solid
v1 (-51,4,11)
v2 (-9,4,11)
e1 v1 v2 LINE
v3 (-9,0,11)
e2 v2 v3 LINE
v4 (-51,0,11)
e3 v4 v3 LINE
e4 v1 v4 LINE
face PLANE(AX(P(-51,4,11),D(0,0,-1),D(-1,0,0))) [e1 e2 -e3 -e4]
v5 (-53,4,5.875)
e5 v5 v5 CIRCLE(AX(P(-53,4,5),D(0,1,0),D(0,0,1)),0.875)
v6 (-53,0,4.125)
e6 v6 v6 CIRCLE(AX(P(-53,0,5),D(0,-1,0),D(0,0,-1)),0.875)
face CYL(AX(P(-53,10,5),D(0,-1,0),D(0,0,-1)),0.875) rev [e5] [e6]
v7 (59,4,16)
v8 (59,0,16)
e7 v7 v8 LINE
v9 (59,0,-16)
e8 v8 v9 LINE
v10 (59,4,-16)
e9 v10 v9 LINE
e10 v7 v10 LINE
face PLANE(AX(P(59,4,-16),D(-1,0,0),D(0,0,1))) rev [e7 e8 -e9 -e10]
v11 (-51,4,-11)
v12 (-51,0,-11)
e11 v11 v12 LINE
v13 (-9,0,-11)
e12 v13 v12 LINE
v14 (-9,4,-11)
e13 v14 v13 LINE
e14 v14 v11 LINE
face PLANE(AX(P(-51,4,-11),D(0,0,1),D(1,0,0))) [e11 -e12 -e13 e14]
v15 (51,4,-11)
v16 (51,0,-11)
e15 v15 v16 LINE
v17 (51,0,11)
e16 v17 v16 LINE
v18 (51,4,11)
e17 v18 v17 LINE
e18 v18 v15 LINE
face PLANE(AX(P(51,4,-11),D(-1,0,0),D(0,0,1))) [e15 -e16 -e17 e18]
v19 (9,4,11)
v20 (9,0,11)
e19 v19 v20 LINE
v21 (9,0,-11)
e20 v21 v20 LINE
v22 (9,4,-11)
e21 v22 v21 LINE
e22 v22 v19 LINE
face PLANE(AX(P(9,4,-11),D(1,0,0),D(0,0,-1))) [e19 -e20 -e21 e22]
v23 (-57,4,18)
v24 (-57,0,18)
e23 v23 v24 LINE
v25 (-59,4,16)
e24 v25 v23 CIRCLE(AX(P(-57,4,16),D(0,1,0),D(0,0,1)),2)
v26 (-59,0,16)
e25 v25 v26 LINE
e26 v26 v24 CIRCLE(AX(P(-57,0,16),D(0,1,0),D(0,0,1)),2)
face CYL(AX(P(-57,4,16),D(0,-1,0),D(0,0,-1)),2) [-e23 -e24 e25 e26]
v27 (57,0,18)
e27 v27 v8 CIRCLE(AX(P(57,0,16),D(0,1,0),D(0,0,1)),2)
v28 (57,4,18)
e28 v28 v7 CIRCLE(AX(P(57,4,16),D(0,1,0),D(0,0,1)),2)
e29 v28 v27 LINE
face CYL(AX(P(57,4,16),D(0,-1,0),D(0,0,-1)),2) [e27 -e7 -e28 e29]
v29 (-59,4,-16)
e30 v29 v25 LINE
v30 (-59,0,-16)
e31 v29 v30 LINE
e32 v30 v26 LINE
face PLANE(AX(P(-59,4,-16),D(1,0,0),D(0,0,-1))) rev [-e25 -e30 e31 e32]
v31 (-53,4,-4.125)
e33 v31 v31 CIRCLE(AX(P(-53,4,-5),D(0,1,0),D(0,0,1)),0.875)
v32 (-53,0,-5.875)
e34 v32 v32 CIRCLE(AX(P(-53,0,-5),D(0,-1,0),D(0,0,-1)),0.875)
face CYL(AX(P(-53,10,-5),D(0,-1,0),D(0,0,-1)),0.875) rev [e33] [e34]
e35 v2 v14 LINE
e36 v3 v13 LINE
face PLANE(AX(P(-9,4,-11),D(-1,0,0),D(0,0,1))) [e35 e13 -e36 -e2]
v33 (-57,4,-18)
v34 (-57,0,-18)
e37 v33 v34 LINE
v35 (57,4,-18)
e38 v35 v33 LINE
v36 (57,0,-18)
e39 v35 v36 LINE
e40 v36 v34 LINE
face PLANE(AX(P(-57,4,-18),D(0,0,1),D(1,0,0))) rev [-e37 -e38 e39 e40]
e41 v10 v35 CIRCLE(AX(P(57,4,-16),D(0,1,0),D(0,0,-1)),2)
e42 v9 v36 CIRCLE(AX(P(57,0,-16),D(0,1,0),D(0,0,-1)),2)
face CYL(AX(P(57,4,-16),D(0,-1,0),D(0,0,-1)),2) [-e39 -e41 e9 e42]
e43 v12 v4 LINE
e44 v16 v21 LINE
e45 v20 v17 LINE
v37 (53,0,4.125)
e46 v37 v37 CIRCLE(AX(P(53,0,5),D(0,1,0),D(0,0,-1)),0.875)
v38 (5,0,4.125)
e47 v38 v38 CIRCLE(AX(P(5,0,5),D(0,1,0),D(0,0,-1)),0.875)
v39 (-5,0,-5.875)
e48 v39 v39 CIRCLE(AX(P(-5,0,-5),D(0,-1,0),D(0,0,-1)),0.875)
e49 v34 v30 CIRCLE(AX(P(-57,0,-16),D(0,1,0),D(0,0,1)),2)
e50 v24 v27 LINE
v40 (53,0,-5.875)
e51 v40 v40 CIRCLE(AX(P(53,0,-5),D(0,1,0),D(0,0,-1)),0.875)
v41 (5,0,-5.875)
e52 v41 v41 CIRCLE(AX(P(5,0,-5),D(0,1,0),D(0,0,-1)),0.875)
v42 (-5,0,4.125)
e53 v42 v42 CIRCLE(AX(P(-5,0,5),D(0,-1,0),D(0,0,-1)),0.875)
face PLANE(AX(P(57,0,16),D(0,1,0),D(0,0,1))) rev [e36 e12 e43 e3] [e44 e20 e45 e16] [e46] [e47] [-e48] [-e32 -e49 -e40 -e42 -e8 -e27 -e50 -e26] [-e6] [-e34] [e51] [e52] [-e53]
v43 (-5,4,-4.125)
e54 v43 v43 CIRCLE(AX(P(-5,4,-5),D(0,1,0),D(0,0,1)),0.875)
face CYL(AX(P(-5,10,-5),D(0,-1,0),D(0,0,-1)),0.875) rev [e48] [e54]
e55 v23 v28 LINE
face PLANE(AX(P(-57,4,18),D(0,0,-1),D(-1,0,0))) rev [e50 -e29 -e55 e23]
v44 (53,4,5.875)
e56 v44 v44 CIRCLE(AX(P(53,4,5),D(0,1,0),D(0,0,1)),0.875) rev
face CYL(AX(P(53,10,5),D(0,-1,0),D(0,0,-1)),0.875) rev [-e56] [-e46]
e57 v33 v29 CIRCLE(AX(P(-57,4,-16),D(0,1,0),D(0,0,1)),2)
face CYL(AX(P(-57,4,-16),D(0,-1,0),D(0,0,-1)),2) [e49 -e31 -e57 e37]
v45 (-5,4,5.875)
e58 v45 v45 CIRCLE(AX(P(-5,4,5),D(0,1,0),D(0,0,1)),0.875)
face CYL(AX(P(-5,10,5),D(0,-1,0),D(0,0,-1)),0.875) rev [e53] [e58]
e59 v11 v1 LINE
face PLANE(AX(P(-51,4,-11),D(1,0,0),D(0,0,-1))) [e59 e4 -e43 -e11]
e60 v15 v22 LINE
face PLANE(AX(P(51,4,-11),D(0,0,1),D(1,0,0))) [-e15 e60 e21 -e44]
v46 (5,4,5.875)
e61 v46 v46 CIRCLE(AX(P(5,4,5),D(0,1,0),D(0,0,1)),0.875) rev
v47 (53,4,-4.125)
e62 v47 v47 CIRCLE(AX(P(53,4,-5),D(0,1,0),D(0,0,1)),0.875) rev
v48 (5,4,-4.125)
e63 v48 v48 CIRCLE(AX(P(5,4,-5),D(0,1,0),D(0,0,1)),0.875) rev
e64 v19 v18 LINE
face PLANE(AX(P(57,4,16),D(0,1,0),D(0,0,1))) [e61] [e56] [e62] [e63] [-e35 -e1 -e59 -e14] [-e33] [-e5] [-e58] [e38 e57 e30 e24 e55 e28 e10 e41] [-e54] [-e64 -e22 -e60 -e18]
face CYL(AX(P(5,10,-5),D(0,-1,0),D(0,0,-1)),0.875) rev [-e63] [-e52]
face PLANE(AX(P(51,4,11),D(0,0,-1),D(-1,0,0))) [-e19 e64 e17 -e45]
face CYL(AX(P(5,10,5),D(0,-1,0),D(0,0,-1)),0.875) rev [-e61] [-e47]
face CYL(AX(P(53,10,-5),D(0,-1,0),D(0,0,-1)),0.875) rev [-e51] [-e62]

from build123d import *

# Parameters (mm, degrees)
SKETCH2_W           = 42
SKETCH2_H           = 22
BOSS_EXTRUDE1_DEPTH = 4
SKETCH3_R           = 0.875
CUT_EXTRUDE1_DEPTH  = 10
SKETCH4_R           = 0.875
CUT_EXTRUDE2_DEPTH  = 10


with BuildPart() as part:
    # Sketch2 → Boss-Extrude1 (new body)
    with BuildSketch(Plane(origin=(0, 0, 0), x_dir=(1, 0, 0), z_dir=(0, 1, 0))):
        with BuildLine():
            Line((-57, 18), (57, 18))
            ThreePointArc((57, 18), (58.414213562, 17.414213562), (59, 16))
            Line((59, 16), (59, -16))
            ThreePointArc((59, -16), (58.414213562, -17.414213562), (57, -18))
            Line((57, -18), (-57, -18))
            ThreePointArc((-57, -18), (-58.414213562, -17.414213562), (-59, -16))
            Line((-59, -16), (-59, 16))
            ThreePointArc((-59, 16), (-58.414213562, 17.414213562), (-57, 18))
        make_face()
        with Locations((-30, 0)):
            Rectangle(SKETCH2_W, SKETCH2_H, mode=Mode.SUBTRACT)
        with Locations((30, 0)):
            Rectangle(SKETCH2_W, SKETCH2_H, mode=Mode.SUBTRACT)
    extrude(amount=BOSS_EXTRUDE1_DEPTH)

    # Sketch3 → Cut-Extrude1 (cut)
    with BuildSketch(Plane.XZ):
        with Locations(Location((-53, 5, 0), (0, 0, 270))):
            Circle(SKETCH3_R)
        with Locations(Location((-53, -5, 0), (0, 0, 270))):
            Circle(SKETCH3_R)
    cut_extrude1 = extrude(amount=-CUT_EXTRUDE1_DEPTH, mode=Mode.SUBTRACT)

    # Sketch4 → Cut-Extrude2 (cut)
    with BuildSketch(Plane.XZ):
        with Locations(Location((-5, 5, 0), (0, 0, 270))):
            Circle(SKETCH4_R)
        with Locations(Location((-5, -5, 0), (0, 0, 270))):
            Circle(SKETCH4_R)
    cut_extrude2 = extrude(amount=-CUT_EXTRUDE2_DEPTH, mode=Mode.SUBTRACT)

    # Mirror1: Cut-Extrude1, Cut-Extrude2 across plane
    add(cut_extrude1.mirror(Plane(origin=(0, 0, 0), x_dir=(0, 0, 1), z_dir=(1, 0, 0))), mode=Mode.SUBTRACT)
    add(cut_extrude2.mirror(Plane(origin=(0, 0, 0), x_dir=(0, 0, 1), z_dir=(1, 0, 0))), mode=Mode.SUBTRACT)


solid = part.part
